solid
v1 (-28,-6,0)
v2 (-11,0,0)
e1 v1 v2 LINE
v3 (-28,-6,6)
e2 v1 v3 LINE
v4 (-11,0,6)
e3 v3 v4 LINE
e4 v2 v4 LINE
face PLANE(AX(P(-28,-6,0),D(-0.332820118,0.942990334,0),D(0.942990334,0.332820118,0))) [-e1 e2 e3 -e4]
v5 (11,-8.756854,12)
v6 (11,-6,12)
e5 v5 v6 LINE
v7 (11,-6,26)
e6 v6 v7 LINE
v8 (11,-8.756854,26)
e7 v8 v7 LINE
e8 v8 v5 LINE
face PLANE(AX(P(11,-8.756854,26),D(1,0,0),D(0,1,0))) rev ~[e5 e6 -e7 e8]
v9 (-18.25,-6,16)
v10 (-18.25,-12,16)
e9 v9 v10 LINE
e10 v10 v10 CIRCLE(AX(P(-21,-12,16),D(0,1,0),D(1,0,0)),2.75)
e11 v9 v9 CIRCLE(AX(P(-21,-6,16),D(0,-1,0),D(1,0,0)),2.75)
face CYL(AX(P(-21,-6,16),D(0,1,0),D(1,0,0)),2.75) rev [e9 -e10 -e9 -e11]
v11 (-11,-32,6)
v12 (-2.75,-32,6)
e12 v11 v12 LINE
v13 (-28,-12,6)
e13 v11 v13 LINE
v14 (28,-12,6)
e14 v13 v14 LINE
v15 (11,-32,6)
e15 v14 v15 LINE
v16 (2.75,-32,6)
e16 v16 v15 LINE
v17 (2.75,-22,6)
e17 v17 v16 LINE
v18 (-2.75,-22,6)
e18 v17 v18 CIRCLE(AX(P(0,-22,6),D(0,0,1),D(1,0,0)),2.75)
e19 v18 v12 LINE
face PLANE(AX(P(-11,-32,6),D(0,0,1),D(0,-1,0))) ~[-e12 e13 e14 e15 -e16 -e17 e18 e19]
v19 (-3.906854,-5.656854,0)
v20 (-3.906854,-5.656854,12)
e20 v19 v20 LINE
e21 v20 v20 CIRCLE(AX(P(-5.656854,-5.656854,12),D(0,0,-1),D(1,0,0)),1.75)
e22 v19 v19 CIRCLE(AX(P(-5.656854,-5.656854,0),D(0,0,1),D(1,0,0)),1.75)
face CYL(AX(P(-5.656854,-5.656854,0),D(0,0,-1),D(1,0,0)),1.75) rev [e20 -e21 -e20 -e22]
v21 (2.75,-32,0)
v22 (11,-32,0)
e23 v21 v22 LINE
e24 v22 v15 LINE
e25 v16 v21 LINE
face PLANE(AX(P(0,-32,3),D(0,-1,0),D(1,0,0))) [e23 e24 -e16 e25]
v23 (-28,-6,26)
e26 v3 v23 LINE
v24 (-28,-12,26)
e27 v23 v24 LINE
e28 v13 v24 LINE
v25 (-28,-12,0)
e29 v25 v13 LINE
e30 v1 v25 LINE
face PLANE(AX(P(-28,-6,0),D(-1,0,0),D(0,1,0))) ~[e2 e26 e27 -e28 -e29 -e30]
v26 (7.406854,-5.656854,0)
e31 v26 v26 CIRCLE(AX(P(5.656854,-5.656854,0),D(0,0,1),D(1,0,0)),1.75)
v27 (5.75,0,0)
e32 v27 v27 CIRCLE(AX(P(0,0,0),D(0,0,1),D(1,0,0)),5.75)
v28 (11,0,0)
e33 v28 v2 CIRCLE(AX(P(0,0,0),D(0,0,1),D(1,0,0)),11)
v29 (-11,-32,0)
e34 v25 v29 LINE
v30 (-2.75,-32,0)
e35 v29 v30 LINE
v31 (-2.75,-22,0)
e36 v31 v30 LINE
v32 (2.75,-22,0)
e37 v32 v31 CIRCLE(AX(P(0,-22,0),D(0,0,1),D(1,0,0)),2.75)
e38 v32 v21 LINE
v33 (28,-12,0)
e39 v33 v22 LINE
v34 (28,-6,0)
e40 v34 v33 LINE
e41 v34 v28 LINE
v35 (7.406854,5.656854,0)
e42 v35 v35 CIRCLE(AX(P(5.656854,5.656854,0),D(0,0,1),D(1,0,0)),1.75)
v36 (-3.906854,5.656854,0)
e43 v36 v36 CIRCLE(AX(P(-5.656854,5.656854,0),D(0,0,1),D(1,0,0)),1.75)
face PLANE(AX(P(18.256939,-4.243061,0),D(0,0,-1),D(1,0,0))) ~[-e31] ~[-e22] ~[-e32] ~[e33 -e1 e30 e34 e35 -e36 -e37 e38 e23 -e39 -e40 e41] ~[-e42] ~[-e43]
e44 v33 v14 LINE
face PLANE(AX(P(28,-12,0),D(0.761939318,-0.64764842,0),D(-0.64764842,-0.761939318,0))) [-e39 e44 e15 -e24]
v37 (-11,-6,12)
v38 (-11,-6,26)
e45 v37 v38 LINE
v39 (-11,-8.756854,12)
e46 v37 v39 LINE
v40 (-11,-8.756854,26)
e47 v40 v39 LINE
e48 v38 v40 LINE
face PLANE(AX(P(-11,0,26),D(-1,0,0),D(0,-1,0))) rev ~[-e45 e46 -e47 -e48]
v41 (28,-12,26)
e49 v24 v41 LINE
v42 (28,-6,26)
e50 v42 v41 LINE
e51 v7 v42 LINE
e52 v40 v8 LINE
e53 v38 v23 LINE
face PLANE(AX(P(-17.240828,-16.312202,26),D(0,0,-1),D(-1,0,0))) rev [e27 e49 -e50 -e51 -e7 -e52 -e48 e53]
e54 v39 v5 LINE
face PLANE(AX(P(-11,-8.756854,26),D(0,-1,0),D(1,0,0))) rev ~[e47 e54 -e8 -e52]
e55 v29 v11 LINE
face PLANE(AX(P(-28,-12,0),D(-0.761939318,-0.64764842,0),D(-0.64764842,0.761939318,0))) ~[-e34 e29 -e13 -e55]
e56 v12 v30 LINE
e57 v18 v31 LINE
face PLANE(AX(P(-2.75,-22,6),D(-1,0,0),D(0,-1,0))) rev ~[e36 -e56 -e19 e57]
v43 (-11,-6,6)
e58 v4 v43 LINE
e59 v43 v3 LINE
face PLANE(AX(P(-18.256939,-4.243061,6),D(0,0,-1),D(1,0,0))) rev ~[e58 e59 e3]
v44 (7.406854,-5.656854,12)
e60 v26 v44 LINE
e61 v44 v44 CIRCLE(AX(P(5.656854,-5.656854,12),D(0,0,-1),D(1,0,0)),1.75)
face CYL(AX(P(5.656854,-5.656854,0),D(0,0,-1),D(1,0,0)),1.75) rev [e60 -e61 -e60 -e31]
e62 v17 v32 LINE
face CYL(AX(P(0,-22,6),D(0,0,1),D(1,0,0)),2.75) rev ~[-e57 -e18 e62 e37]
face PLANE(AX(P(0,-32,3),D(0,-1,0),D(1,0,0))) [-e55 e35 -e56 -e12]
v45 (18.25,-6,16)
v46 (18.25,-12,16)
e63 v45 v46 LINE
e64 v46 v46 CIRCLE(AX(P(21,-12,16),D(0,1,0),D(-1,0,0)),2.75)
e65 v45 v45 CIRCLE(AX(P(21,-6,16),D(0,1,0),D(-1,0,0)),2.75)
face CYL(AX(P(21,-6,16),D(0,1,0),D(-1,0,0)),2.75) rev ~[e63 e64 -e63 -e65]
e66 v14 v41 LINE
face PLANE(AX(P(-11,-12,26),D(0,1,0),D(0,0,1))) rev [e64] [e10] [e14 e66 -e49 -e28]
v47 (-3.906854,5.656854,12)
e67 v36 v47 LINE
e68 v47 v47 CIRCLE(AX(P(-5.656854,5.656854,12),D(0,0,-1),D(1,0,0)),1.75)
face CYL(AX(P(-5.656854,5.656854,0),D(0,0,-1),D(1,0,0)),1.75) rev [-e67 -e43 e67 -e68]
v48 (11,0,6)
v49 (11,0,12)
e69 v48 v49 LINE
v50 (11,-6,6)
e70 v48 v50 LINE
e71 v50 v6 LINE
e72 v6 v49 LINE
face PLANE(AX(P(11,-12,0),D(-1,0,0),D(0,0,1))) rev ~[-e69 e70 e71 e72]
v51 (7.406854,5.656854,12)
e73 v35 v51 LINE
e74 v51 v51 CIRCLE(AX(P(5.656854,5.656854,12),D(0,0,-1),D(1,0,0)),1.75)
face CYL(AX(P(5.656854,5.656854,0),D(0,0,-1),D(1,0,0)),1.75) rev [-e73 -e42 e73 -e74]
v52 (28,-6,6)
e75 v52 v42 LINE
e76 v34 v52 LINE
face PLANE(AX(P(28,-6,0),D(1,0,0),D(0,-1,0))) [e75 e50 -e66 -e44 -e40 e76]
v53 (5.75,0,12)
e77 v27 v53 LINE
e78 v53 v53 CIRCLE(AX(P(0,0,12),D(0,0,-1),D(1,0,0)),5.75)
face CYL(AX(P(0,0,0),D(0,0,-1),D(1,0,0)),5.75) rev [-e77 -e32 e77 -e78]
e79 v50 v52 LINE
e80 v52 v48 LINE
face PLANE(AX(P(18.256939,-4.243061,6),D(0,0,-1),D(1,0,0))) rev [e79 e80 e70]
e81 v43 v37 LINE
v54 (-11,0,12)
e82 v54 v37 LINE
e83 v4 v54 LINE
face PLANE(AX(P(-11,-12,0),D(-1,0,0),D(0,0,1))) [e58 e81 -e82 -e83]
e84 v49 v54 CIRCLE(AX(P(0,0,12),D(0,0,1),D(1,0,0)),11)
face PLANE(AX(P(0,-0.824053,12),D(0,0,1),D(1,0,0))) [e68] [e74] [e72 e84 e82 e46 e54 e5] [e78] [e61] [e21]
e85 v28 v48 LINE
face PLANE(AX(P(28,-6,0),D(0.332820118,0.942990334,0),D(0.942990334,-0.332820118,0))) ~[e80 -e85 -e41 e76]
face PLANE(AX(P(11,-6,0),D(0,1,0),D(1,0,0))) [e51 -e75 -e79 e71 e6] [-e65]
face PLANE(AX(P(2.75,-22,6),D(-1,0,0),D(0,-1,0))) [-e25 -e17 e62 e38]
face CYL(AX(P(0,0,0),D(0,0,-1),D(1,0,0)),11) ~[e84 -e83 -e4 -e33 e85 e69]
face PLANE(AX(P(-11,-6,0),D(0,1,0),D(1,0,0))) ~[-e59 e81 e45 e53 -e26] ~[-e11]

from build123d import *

# Parameters (mm, degrees)
SKETCH_R        = 5.75
SKETCH_R_2      = 1.75
PAD_DEPTH       = 26
SKETCH001_W     = 22
SKETCH001_H     = 6
PAD001_DEPTH    = 20
POCKET_DEPTH    = 6.001
PAD002_DEPTH    = 26
PAD002_FACE13_W = 20
PAD002_FACE13_H = 20
POCKET001_DEPTH = 144.217351
SKETCH004_R     = 2.75
POCKET002_DEPTH = 153.217351
POCKET003_DEPTH = 14
PAD003_DEPTH    = 6


with BuildPart() as part:
    # Sketch → Pad (new body)
    with BuildSketch(Plane.XY):
        with BuildLine():
            ThreePointArc((11, 0), (0, 11), (-11, 0))
            Line((-11, 0), (-11, -12))
            Line((11, -12), (-11, -12))
            Line((11, -12), (11, 0))
        make_face()
        Circle(SKETCH_R, mode=Mode.SUBTRACT)
        with Locations((-5.656854, 5.656854)):
            Circle(SKETCH_R_2, mode=Mode.SUBTRACT)
        with Locations((5.656854, -5.656854)):
            Circle(SKETCH_R_2, mode=Mode.SUBTRACT)
        with Locations((-5.656854, -5.656854)):
            Circle(SKETCH_R_2, mode=Mode.SUBTRACT)
        with Locations((5.656854, 5.656854)):
            Circle(SKETCH_R_2, mode=Mode.SUBTRACT)
    extrude(amount=PAD_DEPTH)

    # Sketch001 (on Face4 of Pad) → Pad001 (join)
    with BuildSketch(Plane.XZ.offset(12)):
        with Locations((0, 3)):
            Rectangle(SKETCH001_W, SKETCH001_H)
    extrude(amount=PAD001_DEPTH)

    # Sketch002 (on Face4 of Pad001) → Pocket (cut, through all)
    with BuildSketch(Plane.XY.offset(6)):
        with BuildLine():
            ThreePointArc((2.75, -22), (0, -19.25), (-2.75, -22))
            Line((-2.75, -22), (-2.75, -32))
            Line((-2.75, -32), (2.75, -32))
            Line((2.75, -22), (2.75, -32))
        make_face()
    extrude(amount=-POCKET_DEPTH, mode=Mode.SUBTRACT)

    # Sketch003 → Pad002 (join)
    with BuildSketch(Plane.XY):
        Polygon((11, -6), (28, -6), (28, -12), (11, -32), align=None)
    pad002 = extrude(amount=PAD002_DEPTH)

    # Pad002 Face13 → Pocket001 (cut, through all)
    with BuildSketch(Plane(origin=(11, -22, 16), x_dir=(0, 1, 0), z_dir=(-1, 0, 0))):
        Rectangle(PAD002_FACE13_W, PAD002_FACE13_H)
    pocket001 = extrude(amount=-POCKET001_DEPTH, mode=Mode.SUBTRACT)

    # Sketch004 (on Face6 of Pocket001) → Pocket002 (cut, through all)
    with BuildSketch(Plane(origin=(0, -6, 0), x_dir=(-1, 0, 0), z_dir=(0, 1, 0))):
        with Locations((-21, 16)):
            Circle(SKETCH004_R)
    pocket002 = extrude(amount=-POCKET002_DEPTH, mode=Mode.SUBTRACT)

    # Mirrored: Pad002, Pocket001, Pocket002 across Sketch003 V_Axis
    add(pad002.mirror(Plane(origin=(0, 0, 0), x_dir=(0, 0, 1), z_dir=(1, 0, 0))))
    add(pocket001.mirror(Plane(origin=(0, 0, 0), x_dir=(0, 0, 1), z_dir=(1, 0, 0))), mode=Mode.SUBTRACT)
    add(pocket002.mirror(Plane(origin=(0, 0, 0), x_dir=(0, 0, 1), z_dir=(1, 0, 0))), mode=Mode.SUBTRACT)

    # Sketch005 (on Face23 of Mirrored) → Pocket003 (cut)
    with BuildSketch(Plane.XY.offset(26)):
        with BuildLine():
            Line((-11, 0), (-11, -8.756854))
            Line((-11, -8.756854), (11, -8.756854))
            Line((11, -8.756854), (11, 0))
            ThreePointArc((11, 0), (0, 11), (-11, 0))
        make_face()
    extrude(amount=-POCKET003_DEPTH, mode=Mode.SUBTRACT)

    # Sketch006 (on Face2 of Pocket003) → Pad003 (join)
    with BuildSketch(Plane(origin=(0, 0, 0), x_dir=(1, 0, 0), z_dir=(0, 0, -1))):
        Polygon((-28, 6), (-11, 0), (-11, 6), align=None)
    pad003 = extrude(amount=-PAD003_DEPTH)

    # Mirrored001: Pad003 across Sketch006 V_Axis
    add(pad003.mirror(Plane(origin=(0, 0, 0), x_dir=(0, 0, -1), z_dir=(1, 0, 0))))


solid = part.part
